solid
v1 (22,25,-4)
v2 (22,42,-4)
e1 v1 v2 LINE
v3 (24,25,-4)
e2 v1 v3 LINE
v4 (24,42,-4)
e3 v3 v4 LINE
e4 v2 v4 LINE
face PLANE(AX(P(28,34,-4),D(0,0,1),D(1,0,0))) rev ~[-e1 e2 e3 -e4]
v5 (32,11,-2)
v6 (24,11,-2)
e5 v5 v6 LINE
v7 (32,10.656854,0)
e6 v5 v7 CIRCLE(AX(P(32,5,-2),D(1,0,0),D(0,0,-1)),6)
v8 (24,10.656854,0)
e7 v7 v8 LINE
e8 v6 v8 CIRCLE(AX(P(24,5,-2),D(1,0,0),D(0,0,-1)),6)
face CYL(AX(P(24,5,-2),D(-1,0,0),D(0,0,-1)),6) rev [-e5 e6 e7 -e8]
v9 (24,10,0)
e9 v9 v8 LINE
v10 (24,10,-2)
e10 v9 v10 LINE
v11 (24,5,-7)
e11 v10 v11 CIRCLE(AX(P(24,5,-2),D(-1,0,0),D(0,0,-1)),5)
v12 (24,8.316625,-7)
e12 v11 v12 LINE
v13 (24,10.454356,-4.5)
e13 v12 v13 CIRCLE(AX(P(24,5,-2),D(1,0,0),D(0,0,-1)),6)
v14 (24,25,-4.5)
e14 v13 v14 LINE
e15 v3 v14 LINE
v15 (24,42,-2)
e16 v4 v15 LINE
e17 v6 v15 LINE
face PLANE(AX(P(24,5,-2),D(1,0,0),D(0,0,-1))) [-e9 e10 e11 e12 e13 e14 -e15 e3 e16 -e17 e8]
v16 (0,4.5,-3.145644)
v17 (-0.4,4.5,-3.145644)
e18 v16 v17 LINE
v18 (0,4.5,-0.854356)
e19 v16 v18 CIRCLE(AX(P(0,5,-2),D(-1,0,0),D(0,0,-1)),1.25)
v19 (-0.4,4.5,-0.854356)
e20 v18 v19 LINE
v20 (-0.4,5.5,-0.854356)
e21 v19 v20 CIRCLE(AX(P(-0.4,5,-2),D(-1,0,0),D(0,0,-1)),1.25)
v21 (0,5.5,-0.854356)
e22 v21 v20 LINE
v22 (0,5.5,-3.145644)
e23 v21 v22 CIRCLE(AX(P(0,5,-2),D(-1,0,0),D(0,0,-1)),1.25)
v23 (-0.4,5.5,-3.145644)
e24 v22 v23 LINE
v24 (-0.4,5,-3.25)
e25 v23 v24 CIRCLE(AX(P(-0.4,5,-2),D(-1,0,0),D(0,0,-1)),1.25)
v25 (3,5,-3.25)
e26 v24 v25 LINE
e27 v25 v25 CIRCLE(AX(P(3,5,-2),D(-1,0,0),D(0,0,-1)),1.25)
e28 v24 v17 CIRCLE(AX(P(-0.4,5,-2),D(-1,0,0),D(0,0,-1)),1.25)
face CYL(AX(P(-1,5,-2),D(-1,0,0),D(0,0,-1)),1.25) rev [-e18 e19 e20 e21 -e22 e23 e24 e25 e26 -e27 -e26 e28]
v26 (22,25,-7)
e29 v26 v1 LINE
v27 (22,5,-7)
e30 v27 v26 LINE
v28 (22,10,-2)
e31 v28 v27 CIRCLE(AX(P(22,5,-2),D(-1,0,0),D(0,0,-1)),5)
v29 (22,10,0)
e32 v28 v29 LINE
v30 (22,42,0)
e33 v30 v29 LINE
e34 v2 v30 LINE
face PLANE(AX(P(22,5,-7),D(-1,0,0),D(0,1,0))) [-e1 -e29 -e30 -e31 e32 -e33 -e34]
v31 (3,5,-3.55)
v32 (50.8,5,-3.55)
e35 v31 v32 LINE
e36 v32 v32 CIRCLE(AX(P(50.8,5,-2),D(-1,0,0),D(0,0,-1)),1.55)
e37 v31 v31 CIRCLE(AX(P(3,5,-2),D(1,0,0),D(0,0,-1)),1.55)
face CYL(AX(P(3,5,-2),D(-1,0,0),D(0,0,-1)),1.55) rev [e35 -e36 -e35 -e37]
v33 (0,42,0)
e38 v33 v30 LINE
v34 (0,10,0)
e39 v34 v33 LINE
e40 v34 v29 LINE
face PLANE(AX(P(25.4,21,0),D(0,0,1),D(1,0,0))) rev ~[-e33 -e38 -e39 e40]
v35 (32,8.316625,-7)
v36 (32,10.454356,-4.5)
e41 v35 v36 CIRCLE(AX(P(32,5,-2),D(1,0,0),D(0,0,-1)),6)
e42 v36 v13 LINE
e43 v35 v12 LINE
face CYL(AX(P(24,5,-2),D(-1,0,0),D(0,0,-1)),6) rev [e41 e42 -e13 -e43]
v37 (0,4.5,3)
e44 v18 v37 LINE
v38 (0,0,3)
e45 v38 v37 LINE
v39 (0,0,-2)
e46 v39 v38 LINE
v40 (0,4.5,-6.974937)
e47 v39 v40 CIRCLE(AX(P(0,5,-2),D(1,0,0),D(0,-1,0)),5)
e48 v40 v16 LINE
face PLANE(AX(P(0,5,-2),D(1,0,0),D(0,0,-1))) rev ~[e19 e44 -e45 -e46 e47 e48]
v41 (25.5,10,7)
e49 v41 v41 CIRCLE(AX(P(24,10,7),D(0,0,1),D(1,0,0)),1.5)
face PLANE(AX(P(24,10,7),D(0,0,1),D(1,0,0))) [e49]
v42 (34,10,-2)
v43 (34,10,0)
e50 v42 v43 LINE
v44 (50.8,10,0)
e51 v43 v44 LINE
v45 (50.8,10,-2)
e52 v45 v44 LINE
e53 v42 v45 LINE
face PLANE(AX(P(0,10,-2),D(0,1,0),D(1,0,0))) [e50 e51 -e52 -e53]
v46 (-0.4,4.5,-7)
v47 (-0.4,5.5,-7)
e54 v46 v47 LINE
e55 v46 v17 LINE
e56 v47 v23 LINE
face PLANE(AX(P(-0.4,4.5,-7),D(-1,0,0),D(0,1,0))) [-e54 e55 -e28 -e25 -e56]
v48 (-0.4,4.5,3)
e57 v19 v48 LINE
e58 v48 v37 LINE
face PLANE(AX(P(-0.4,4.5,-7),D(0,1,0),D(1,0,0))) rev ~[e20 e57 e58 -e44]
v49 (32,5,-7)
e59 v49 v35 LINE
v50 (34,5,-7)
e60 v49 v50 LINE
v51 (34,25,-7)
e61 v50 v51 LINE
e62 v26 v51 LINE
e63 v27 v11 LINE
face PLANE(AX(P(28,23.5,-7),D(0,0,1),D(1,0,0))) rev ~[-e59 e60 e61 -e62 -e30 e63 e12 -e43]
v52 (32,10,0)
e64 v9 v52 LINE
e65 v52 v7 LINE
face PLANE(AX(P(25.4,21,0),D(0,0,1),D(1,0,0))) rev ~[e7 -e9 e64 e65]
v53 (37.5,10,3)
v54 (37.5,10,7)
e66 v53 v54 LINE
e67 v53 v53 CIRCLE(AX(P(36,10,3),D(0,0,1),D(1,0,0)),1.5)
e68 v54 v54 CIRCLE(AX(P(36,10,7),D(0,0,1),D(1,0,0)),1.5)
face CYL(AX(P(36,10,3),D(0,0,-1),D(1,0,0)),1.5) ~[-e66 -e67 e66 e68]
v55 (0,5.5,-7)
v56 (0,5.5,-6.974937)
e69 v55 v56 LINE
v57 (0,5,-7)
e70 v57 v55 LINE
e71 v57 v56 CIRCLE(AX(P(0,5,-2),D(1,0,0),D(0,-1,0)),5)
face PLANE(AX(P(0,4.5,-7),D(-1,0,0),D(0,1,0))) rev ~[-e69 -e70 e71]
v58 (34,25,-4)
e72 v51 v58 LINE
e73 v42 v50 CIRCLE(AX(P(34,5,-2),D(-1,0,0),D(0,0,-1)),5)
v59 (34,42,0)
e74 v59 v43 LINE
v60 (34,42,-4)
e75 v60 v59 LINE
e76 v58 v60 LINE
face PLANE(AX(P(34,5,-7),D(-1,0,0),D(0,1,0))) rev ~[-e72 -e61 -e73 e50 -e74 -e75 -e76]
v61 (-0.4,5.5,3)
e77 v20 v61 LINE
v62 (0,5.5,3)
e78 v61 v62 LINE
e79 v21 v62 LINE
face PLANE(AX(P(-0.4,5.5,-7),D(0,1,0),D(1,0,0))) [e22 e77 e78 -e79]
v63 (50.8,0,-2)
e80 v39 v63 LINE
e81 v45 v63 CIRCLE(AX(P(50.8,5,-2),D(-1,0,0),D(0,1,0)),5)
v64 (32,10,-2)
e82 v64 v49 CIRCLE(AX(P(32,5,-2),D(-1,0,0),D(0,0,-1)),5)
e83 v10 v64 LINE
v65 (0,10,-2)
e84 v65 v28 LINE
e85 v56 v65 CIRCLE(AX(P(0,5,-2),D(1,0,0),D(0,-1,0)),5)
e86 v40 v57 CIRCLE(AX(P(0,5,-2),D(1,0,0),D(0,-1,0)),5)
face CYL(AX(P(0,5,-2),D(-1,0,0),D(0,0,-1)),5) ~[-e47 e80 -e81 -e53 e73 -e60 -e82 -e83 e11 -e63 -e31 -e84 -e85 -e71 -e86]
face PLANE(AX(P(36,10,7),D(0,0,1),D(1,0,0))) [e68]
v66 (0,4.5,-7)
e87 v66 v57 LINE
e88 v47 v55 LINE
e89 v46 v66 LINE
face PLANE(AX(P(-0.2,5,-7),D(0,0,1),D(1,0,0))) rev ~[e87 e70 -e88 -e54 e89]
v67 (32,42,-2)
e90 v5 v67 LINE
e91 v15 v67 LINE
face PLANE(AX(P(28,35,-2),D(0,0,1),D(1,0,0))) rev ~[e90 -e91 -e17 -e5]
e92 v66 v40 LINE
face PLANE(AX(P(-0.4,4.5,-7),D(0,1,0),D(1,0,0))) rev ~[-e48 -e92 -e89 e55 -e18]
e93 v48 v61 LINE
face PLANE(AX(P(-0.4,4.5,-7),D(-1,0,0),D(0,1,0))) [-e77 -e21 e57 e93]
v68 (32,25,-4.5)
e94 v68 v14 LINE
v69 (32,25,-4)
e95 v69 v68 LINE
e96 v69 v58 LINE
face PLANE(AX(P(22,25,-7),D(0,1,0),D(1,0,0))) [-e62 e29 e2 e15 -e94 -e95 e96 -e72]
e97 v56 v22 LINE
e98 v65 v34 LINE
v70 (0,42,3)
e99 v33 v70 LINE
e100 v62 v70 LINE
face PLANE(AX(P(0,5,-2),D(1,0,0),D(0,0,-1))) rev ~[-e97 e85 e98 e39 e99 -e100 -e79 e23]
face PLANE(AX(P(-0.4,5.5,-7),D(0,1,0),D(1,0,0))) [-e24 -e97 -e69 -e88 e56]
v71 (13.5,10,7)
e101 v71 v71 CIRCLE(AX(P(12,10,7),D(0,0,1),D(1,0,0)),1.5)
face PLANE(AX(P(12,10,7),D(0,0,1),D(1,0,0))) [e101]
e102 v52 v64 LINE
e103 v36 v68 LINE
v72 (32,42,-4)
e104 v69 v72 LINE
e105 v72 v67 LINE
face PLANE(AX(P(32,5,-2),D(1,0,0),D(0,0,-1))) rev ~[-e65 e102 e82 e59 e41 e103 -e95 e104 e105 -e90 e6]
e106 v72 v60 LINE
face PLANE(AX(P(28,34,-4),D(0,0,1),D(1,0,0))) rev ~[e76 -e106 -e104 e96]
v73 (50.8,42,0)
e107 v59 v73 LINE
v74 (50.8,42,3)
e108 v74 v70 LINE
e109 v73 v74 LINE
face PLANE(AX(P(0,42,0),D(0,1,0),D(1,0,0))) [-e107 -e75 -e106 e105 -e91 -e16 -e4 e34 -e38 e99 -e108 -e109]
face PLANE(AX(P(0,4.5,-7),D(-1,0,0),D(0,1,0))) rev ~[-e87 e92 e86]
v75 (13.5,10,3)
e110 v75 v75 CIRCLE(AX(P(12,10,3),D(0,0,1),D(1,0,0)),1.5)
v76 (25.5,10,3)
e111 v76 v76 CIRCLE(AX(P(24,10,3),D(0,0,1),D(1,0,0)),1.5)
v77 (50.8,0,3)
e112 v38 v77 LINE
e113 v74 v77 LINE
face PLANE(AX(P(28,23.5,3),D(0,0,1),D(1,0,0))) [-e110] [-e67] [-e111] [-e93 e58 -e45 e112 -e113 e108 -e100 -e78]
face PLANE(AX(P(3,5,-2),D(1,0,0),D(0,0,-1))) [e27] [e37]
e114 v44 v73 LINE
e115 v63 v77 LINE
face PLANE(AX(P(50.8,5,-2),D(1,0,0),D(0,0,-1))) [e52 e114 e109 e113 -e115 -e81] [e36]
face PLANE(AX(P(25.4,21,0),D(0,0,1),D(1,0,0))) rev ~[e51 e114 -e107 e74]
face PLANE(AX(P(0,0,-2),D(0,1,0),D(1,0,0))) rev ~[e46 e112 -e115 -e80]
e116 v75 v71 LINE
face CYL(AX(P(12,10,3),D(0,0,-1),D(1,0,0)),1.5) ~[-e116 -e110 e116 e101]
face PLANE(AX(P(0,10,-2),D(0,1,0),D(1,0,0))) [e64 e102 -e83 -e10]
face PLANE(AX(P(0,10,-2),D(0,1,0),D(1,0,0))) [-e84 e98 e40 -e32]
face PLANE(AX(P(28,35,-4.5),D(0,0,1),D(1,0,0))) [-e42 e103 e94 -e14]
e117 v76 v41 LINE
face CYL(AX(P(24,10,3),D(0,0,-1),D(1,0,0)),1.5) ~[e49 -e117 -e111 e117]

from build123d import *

# Parameters (mm, degrees)
CYLINDER004_R           = 1.5
CYLINDER004_DEPTH       = 4
CYLINDER005_R           = 1.5
CYLINDER005_DEPTH       = 4
CYLINDER006_R           = 1.5
CYLINDER006_DEPTH       = 4
CYLINDER002_R           = 1.25
CYLINDER002_DEPTH       = 10
CYLINDER002_PITCH_ANGLE = 90
CYLINDER001_R           = 1.55
CYLINDER001_DEPTH       = 50.8
CYLINDER001_PITCH_ANGLE = 90
CYLINDER003_R           = 6
CYLINDER003_DEPTH       = 8
CYLINDER003_PITCH_ANGLE = 90
BOX005_W                = 12
BOX005_H                = 18
BOX005_DEPTH            = 3
BOX004_W                = 8
BOX004_H                = 50
BOX004_DEPTH            = 2.5
BOX003_W                = 12
BOX003_H                = 37
BOX003_DEPTH            = 10
BOX002_W                = 0.4
BOX002_H                = 1
BOX002_DEPTH            = 10
BOX001_W                = 50.8
BOX001_H                = 10
BOX001_DEPTH            = 2
CYLINDER_R              = 5
CYLINDER_DEPTH          = 50.8
CYLINDER_PITCH_ANGLE    = 90
BOX_W                   = 50.8
BOX_H                   = 42
BOX_DEPTH               = 3


with BuildPart() as cylinder004:
    # Cylinder004 → Cylinder004 (new body)
    with BuildSketch(Plane(origin=(12, 10, 3), x_dir=(1, 0, 0), z_dir=(0, 0, 1))):
        Circle(CYLINDER004_R)
    extrude(amount=CYLINDER004_DEPTH)


with BuildPart() as cylinder005:
    # Cylinder005 → Cylinder005 (new body)
    with BuildSketch(Plane(origin=(24, 10, 3), x_dir=(1, 0, 0), z_dir=(0, 0, 1))):
        Circle(CYLINDER005_R)
    extrude(amount=CYLINDER005_DEPTH)


with BuildPart() as cylinder006:
    # Cylinder006 → Cylinder006 (new body)
    with BuildSketch(Plane(origin=(36, 10, 3), x_dir=(1, 0, 0), z_dir=(0, 0, 1))):
        Circle(CYLINDER006_R)
    extrude(amount=CYLINDER006_DEPTH)


with BuildPart() as cylinder002:
    # Cylinder002 → Cylinder002 (new body)
    with BuildSketch(Plane.XY):
        Circle(CYLINDER002_R)
    extrude(amount=CYLINDER002_DEPTH)


with BuildPart() as cylinder002_1:
    # Cylinder002 pitch: moved
    add(cylinder002.part.rotate(Axis((0, 0, 0), (0, 1, 0)), CYLINDER002_PITCH_ANGLE))


with BuildPart() as cylinder002_2:
    # Cylinder002 placement: moved
    add(cylinder002_1.part.moved(Location((-1, 5, -2))))


with BuildPart() as cylinder001:
    # Cylinder001 → Cylinder001 (new body)
    with BuildSketch(Plane.XY):
        Circle(CYLINDER001_R)
    extrude(amount=CYLINDER001_DEPTH)


with BuildPart() as cylinder001_1:
    # Cylinder001 pitch: moved
    add(cylinder001.part.rotate(Axis((0, 0, 0), (0, 1, 0)), CYLINDER001_PITCH_ANGLE))


with BuildPart() as cylinder001_2:
    # Cylinder001 placement: moved
    add(cylinder001_1.part.moved(Location((3, 5, -2))))


with BuildPart() as cylinder003:
    # Cylinder003 → Cylinder003 (new body)
    with BuildSketch(Plane.XY):
        Circle(CYLINDER003_R)
    extrude(amount=CYLINDER003_DEPTH)


with BuildPart() as cylinder003_1:
    # Cylinder003 pitch: moved
    add(cylinder003.part.rotate(Axis((0, 0, 0), (0, 1, 0)), CYLINDER003_PITCH_ANGLE))


with BuildPart() as cylinder003_2:
    # Cylinder003 placement: moved
    add(cylinder003_1.part.moved(Location((24, 5, -2))))


with BuildPart() as cube005:
    # Box005 → Box005 (new body)
    with BuildSketch(Plane(origin=(22, 25, -7), x_dir=(1, 0, 0), z_dir=(0, 0, 1))):
        with Locations((6, 9)):
            Rectangle(BOX005_W, BOX005_H)
    extrude(amount=BOX005_DEPTH)


with BuildPart() as cube004:
    # Box004 → Box004 (new body)
    with BuildSketch(Plane(origin=(24, 10, -4.5), x_dir=(1, 0, 0), z_dir=(0, 0, 1))):
        with Locations((4, 25)):
            Rectangle(BOX004_W, BOX004_H)
    extrude(amount=BOX004_DEPTH)


with BuildPart() as cut002:
    # Box003 → Box003 (new body)
    with BuildSketch(Plane(origin=(22, 5, -7), x_dir=(1, 0, 0), z_dir=(0, 0, 1))):
        with Locations((6, 18.5)):
            Rectangle(BOX003_W, BOX003_H)
    extrude(amount=BOX003_DEPTH)

    # Cut: cut Cube004
    add(cube004.part, mode=Mode.SUBTRACT)

    # Cut001: cut Cube005
    add(cube005.part, mode=Mode.SUBTRACT)

    # Cut002: cut Cylinder003
    add(cylinder003_2.part, mode=Mode.SUBTRACT)


with BuildPart() as cube002:
    # Box002 → Box002 (new body)
    with BuildSketch(Plane(origin=(-0.4, 4.5, -7), x_dir=(1, 0, 0), z_dir=(0, 0, 1))):
        with Locations((0.2, 0.5)):
            Rectangle(BOX002_W, BOX002_H)
    extrude(amount=BOX002_DEPTH)


with BuildPart() as cube001:
    # Box001 → Box001 (new body)
    with BuildSketch(Plane.XY.offset(-2)):
        with Locations((25.4, 5)):
            Rectangle(BOX001_W, BOX001_H)
    extrude(amount=BOX001_DEPTH)


with BuildPart() as cylinder:
    # Cylinder → Cylinder (new body)
    with BuildSketch(Plane.XY):
        Circle(CYLINDER_R)
    extrude(amount=CYLINDER_DEPTH)


with BuildPart() as cylinder_1:
    # Cylinder pitch: moved
    add(cylinder.part.rotate(Axis((0, 0, 0), (0, 1, 0)), CYLINDER_PITCH_ANGLE))


with BuildPart() as cylinder_2:
    # Cylinder placement: moved
    add(cylinder_1.part.moved(Location((0, 5, -2))))


with BuildPart() as fusion003:
    # Box → Box (new body)
    with BuildSketch(Plane.XY):
        with Locations((25.4, 21)):
            Rectangle(BOX_W, BOX_H)
    extrude(amount=BOX_DEPTH)

    # Fusion: union Cube001, Cylinder
    add(cube001.part)
    add(cylinder_2.part)

    # Fusion001: union Cube002
    add(cube002.part)

    # Fusion002: union Cut002
    add(cut002.part)

    # Cut003: cut Cylinder001
    add(cylinder001_2.part, mode=Mode.SUBTRACT)

    # Cut004: cut Cylinder002
    add(cylinder002_2.part, mode=Mode.SUBTRACT)

    # Fusion003: union Cylinder004, Cylinder005, Cylinder006
    add(cylinder004.part)
    add(cylinder005.part)
    add(cylinder006.part)


solid = fusion003.part
